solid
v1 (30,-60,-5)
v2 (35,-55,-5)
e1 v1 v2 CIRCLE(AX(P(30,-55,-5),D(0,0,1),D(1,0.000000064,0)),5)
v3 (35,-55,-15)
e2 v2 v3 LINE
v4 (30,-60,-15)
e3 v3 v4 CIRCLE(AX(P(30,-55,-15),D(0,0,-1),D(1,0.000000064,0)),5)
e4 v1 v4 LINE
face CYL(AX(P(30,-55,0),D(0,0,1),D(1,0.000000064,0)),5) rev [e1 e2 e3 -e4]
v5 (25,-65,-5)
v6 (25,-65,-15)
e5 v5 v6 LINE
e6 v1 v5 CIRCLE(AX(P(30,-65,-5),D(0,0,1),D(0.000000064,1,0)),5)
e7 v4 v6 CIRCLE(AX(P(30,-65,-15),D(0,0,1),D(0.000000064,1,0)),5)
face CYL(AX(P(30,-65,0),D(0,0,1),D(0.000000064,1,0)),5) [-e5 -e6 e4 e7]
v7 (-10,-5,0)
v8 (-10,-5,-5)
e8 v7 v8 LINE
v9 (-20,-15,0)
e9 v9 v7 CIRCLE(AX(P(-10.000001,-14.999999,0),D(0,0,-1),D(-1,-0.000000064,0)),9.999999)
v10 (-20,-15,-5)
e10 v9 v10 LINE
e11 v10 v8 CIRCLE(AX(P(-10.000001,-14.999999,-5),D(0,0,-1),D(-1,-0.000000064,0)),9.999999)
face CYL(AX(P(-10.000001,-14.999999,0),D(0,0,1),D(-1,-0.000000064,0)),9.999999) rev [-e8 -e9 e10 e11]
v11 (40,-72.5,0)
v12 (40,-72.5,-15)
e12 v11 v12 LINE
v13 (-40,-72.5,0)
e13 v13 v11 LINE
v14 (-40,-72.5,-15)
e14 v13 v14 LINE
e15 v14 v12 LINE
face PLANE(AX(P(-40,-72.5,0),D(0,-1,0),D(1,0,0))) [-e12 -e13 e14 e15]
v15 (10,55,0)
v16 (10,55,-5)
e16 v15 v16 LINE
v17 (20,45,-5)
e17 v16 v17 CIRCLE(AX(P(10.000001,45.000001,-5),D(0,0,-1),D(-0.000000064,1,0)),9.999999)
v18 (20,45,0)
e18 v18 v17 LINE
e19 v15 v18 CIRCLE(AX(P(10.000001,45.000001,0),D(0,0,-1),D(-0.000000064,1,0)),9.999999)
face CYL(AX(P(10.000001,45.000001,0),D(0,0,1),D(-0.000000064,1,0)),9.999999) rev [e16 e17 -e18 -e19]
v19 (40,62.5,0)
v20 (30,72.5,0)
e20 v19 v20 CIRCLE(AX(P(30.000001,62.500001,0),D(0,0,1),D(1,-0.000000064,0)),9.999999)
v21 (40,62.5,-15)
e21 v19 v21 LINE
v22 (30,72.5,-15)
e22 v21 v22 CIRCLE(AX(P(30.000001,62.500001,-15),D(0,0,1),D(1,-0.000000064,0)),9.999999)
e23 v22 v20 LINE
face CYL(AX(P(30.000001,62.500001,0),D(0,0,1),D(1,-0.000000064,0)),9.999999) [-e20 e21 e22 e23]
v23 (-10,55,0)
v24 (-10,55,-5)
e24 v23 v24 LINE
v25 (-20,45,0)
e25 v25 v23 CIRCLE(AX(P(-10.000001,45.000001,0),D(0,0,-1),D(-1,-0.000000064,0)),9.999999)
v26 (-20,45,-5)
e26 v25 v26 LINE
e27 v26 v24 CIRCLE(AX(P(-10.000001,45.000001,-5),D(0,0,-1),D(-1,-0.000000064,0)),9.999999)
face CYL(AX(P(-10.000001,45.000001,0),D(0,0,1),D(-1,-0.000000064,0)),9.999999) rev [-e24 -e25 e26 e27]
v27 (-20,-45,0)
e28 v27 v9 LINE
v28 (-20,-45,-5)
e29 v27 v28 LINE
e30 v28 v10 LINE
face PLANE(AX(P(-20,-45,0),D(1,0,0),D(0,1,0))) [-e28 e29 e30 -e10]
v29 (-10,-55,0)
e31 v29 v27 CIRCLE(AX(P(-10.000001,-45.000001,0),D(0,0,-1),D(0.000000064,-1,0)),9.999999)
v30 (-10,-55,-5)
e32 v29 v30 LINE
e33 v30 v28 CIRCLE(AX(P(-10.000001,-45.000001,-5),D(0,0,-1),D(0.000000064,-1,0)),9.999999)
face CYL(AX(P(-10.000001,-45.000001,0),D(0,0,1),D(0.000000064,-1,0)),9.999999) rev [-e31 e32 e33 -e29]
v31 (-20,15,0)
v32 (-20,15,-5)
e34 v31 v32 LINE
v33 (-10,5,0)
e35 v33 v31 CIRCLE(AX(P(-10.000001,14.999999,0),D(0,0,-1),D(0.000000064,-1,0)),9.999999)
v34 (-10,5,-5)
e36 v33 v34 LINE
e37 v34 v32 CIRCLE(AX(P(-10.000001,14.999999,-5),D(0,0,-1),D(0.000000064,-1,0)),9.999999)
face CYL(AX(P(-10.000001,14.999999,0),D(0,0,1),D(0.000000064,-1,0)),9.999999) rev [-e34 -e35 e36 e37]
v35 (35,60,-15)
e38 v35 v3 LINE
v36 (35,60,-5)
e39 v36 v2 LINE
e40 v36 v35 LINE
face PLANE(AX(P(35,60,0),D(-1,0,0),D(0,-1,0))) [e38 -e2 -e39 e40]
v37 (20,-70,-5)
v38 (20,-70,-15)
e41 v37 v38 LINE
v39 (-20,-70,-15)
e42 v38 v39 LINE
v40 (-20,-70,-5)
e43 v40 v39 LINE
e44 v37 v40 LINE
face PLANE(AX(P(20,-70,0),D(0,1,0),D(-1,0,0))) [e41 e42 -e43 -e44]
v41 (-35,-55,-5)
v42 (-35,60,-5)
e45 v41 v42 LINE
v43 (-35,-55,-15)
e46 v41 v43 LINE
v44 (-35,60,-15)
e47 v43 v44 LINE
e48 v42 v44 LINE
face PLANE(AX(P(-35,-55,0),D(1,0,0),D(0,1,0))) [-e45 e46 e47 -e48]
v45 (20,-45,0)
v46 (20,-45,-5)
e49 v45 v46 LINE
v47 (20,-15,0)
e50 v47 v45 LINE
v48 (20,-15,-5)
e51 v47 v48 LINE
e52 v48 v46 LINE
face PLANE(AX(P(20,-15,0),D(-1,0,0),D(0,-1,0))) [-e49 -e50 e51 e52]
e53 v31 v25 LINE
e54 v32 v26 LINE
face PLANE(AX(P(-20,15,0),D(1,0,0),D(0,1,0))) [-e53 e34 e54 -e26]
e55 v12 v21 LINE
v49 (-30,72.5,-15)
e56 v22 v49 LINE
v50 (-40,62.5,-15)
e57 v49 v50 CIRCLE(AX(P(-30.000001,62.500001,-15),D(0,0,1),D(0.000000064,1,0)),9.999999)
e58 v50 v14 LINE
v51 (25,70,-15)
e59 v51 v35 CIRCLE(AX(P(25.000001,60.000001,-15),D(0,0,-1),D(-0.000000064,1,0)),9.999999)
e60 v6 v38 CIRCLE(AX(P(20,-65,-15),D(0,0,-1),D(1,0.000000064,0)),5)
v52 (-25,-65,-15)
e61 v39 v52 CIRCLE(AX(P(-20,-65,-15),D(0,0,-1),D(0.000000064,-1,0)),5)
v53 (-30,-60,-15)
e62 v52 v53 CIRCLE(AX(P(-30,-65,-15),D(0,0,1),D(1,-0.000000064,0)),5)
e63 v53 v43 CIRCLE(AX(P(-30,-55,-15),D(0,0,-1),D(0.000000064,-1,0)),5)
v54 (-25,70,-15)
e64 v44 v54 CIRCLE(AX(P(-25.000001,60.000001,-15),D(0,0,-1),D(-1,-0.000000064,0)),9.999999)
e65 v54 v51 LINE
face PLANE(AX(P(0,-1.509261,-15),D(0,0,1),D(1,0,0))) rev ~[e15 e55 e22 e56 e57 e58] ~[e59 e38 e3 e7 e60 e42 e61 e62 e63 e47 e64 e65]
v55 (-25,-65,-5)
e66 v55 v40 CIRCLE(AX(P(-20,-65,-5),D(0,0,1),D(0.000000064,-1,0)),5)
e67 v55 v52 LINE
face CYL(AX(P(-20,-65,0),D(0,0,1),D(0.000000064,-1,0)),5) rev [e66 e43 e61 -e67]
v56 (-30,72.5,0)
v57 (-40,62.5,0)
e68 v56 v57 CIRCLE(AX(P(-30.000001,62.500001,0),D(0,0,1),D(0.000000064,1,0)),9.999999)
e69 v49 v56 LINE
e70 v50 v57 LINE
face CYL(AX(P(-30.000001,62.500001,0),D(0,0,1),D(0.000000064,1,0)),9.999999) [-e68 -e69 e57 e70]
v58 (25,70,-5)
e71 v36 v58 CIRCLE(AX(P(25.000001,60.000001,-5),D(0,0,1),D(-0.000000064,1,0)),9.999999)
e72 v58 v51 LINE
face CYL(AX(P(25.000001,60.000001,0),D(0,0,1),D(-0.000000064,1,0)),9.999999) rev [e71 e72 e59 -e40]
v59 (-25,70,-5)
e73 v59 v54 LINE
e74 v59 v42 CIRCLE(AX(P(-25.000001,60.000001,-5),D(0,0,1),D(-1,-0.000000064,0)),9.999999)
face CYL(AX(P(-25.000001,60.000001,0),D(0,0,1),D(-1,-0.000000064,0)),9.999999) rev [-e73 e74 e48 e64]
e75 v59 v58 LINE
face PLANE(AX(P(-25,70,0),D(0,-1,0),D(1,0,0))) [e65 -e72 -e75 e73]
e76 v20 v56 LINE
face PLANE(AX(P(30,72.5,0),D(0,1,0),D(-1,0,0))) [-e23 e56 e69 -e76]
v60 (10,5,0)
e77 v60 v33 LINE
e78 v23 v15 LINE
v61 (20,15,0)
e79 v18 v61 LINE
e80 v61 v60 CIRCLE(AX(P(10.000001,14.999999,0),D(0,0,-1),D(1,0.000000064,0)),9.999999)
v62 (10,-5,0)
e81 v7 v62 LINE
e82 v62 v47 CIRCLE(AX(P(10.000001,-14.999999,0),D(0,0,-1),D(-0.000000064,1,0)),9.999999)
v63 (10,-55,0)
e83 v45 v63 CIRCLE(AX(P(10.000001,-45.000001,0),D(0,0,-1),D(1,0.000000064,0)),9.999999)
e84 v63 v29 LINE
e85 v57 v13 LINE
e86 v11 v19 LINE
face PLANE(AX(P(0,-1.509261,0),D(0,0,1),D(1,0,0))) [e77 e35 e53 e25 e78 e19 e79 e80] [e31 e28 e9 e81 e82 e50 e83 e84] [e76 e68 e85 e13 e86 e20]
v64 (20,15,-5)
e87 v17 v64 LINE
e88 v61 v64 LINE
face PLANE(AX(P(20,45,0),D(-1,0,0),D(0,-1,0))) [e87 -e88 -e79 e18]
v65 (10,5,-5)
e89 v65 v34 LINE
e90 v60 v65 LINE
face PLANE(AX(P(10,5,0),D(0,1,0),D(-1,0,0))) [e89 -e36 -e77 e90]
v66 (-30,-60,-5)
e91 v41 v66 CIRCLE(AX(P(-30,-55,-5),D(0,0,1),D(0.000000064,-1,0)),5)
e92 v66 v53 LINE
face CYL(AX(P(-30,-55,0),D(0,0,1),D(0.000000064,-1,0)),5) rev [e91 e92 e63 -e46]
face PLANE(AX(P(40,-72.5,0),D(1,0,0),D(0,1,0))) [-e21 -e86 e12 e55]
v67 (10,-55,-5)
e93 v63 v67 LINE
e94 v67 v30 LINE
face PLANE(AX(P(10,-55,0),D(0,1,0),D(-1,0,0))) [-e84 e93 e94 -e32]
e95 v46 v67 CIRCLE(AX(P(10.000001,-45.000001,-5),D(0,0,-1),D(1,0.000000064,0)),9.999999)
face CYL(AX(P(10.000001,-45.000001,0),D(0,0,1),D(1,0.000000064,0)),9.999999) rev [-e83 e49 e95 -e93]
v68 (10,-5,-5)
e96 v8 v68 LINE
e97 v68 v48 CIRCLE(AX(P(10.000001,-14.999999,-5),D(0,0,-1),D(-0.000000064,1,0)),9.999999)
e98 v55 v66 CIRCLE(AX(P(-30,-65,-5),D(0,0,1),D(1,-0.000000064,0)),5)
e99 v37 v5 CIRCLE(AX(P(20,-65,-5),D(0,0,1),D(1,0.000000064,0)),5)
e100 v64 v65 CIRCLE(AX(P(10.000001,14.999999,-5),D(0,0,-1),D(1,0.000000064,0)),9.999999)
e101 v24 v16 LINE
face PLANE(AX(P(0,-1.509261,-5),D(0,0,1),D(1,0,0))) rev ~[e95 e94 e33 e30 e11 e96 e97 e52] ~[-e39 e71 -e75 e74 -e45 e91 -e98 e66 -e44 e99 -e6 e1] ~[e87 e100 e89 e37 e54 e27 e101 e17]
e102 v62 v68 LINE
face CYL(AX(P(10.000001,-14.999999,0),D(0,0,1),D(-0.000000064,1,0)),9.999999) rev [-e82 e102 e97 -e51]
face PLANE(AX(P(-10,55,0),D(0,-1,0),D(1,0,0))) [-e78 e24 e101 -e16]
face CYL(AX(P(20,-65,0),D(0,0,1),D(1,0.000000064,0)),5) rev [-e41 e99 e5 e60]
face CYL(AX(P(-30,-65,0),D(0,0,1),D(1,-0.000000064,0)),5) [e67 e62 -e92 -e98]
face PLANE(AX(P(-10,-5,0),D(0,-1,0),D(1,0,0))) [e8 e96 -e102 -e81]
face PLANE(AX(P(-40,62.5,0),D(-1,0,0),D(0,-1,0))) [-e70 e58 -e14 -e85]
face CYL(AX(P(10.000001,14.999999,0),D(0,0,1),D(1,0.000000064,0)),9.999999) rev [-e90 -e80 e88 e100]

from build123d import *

# Parameters (mm, degrees)
F1_DEPTH = 5
F2_DEPTH = 15


with BuildPart() as f1:
    # F0 (on Top) → F1 (new body)
    with BuildSketch(Plane.XY):
        with BuildLine():
            ThreePointArc((40, 62.5), (37.071068, 69.571068), (30, 72.5))
            Line((30, 72.5), (-30, 72.5))
            ThreePointArc((-30, 72.5), (-37.071068, 69.571068), (-40, 62.5))
            Line((-40, 62.5), (-40, -72.5))
            Line((-40, -72.5), (40, -72.5))
            Line((40, -72.5), (40, 62.5))
        make_face()
        with BuildLine():
            Line((-25, 70), (25, 70))
            ThreePointArc((25, 70), (32.071068, 67.071068), (35, 60))
            Line((35, 60), (35, -55))
            ThreePointArc((35, -55), (33.535534, -58.535534), (30, -60))
            ThreePointArc((30, -60), (26.464466, -61.464466), (25, -65))
            ThreePointArc((25, -65), (23.535534, -68.535534), (20, -70))
            Line((20, -70), (-20, -70))
            ThreePointArc((-20, -70), (-23.535534, -68.535534), (-25, -65))
            ThreePointArc((-25, -65), (-26.464466, -61.464466), (-30, -60))
            ThreePointArc((-30, -60), (-33.535534, -58.535534), (-35, -55))
            Line((-35, -55), (-35, 60))
            ThreePointArc((-35, 60), (-32.071068, 67.071068), (-25, 70))
        make_face(mode=Mode.SUBTRACT)
        with BuildLine():
            ThreePointArc((35, 60), (32.071068, 67.071068), (25, 70))
            Line((25, 70), (-25, 70))
            ThreePointArc((-25, 70), (-32.071068, 67.071068), (-35, 60))
            Line((-35, 60), (-35, -55))
            ThreePointArc((-35, -55), (-33.535534, -58.535534), (-30, -60))
            ThreePointArc((-30, -60), (-26.464466, -61.464466), (-25, -65))
            ThreePointArc((-25, -65), (-23.535534, -68.535534), (-20, -70))
            Line((-20, -70), (20, -70))
            ThreePointArc((20, -70), (23.535534, -68.535534), (25, -65))
            ThreePointArc((25, -65), (26.464466, -61.464466), (30, -60))
            ThreePointArc((30, -60), (33.535534, -58.535534), (35, -55))
            Line((35, -55), (35, 60))
        make_face()
        with BuildLine():
            ThreePointArc((20, -45), (17.071068, -52.071068), (10, -55))
            Line((10, -55), (-10, -55))
            ThreePointArc((-10, -55), (-17.071068, -52.071068), (-20, -45))
            Line((-20, -45), (-20, -15))
            ThreePointArc((-20, -15), (-17.071068, -7.928932), (-10, -5))
            Line((-10, -5), (10, -5))
            ThreePointArc((10, -5), (17.071068, -7.928932), (20, -15))
            Line((20, -15), (20, -45))
        make_face(mode=Mode.SUBTRACT)
        with BuildLine():
            Line((-10, 55), (10, 55))
            ThreePointArc((10, 55), (17.071068, 52.071068), (20, 45))
            Line((20, 45), (20, 15))
            ThreePointArc((20, 15), (17.071068, 7.928932), (10, 5))
            Line((10, 5), (-10, 5))
            ThreePointArc((-10, 5), (-17.071068, 7.928932), (-20, 15))
            Line((-20, 15), (-20, 45))
            ThreePointArc((-20, 45), (-17.071068, 52.071068), (-10, 55))
        make_face(mode=Mode.SUBTRACT)
    extrude(amount=-F1_DEPTH)

    # F0 (on Top) → F2 (join)
    with BuildSketch(Plane.XY):
        with BuildLine():
            ThreePointArc((40, 62.5), (37.071068, 69.571068), (30, 72.5))
            Line((30, 72.5), (-30, 72.5))
            ThreePointArc((-30, 72.5), (-37.071068, 69.571068), (-40, 62.5))
            Line((-40, 62.5), (-40, -72.5))
            Line((-40, -72.5), (40, -72.5))
            Line((40, -72.5), (40, 62.5))
        make_face()
        with BuildLine():
            Line((-25, 70), (25, 70))
            ThreePointArc((25, 70), (32.071068, 67.071068), (35, 60))
            Line((35, 60), (35, -55))
            ThreePointArc((35, -55), (33.535534, -58.535534), (30, -60))
            ThreePointArc((30, -60), (26.464466, -61.464466), (25, -65))
            ThreePointArc((25, -65), (23.535534, -68.535534), (20, -70))
            Line((20, -70), (-20, -70))
            ThreePointArc((-20, -70), (-23.535534, -68.535534), (-25, -65))
            ThreePointArc((-25, -65), (-26.464466, -61.464466), (-30, -60))
            ThreePointArc((-30, -60), (-33.535534, -58.535534), (-35, -55))
            Line((-35, -55), (-35, 60))
            ThreePointArc((-35, 60), (-32.071068, 67.071068), (-25, 70))
        make_face(mode=Mode.SUBTRACT)
    extrude(amount=-F2_DEPTH)


solid = f1.part
